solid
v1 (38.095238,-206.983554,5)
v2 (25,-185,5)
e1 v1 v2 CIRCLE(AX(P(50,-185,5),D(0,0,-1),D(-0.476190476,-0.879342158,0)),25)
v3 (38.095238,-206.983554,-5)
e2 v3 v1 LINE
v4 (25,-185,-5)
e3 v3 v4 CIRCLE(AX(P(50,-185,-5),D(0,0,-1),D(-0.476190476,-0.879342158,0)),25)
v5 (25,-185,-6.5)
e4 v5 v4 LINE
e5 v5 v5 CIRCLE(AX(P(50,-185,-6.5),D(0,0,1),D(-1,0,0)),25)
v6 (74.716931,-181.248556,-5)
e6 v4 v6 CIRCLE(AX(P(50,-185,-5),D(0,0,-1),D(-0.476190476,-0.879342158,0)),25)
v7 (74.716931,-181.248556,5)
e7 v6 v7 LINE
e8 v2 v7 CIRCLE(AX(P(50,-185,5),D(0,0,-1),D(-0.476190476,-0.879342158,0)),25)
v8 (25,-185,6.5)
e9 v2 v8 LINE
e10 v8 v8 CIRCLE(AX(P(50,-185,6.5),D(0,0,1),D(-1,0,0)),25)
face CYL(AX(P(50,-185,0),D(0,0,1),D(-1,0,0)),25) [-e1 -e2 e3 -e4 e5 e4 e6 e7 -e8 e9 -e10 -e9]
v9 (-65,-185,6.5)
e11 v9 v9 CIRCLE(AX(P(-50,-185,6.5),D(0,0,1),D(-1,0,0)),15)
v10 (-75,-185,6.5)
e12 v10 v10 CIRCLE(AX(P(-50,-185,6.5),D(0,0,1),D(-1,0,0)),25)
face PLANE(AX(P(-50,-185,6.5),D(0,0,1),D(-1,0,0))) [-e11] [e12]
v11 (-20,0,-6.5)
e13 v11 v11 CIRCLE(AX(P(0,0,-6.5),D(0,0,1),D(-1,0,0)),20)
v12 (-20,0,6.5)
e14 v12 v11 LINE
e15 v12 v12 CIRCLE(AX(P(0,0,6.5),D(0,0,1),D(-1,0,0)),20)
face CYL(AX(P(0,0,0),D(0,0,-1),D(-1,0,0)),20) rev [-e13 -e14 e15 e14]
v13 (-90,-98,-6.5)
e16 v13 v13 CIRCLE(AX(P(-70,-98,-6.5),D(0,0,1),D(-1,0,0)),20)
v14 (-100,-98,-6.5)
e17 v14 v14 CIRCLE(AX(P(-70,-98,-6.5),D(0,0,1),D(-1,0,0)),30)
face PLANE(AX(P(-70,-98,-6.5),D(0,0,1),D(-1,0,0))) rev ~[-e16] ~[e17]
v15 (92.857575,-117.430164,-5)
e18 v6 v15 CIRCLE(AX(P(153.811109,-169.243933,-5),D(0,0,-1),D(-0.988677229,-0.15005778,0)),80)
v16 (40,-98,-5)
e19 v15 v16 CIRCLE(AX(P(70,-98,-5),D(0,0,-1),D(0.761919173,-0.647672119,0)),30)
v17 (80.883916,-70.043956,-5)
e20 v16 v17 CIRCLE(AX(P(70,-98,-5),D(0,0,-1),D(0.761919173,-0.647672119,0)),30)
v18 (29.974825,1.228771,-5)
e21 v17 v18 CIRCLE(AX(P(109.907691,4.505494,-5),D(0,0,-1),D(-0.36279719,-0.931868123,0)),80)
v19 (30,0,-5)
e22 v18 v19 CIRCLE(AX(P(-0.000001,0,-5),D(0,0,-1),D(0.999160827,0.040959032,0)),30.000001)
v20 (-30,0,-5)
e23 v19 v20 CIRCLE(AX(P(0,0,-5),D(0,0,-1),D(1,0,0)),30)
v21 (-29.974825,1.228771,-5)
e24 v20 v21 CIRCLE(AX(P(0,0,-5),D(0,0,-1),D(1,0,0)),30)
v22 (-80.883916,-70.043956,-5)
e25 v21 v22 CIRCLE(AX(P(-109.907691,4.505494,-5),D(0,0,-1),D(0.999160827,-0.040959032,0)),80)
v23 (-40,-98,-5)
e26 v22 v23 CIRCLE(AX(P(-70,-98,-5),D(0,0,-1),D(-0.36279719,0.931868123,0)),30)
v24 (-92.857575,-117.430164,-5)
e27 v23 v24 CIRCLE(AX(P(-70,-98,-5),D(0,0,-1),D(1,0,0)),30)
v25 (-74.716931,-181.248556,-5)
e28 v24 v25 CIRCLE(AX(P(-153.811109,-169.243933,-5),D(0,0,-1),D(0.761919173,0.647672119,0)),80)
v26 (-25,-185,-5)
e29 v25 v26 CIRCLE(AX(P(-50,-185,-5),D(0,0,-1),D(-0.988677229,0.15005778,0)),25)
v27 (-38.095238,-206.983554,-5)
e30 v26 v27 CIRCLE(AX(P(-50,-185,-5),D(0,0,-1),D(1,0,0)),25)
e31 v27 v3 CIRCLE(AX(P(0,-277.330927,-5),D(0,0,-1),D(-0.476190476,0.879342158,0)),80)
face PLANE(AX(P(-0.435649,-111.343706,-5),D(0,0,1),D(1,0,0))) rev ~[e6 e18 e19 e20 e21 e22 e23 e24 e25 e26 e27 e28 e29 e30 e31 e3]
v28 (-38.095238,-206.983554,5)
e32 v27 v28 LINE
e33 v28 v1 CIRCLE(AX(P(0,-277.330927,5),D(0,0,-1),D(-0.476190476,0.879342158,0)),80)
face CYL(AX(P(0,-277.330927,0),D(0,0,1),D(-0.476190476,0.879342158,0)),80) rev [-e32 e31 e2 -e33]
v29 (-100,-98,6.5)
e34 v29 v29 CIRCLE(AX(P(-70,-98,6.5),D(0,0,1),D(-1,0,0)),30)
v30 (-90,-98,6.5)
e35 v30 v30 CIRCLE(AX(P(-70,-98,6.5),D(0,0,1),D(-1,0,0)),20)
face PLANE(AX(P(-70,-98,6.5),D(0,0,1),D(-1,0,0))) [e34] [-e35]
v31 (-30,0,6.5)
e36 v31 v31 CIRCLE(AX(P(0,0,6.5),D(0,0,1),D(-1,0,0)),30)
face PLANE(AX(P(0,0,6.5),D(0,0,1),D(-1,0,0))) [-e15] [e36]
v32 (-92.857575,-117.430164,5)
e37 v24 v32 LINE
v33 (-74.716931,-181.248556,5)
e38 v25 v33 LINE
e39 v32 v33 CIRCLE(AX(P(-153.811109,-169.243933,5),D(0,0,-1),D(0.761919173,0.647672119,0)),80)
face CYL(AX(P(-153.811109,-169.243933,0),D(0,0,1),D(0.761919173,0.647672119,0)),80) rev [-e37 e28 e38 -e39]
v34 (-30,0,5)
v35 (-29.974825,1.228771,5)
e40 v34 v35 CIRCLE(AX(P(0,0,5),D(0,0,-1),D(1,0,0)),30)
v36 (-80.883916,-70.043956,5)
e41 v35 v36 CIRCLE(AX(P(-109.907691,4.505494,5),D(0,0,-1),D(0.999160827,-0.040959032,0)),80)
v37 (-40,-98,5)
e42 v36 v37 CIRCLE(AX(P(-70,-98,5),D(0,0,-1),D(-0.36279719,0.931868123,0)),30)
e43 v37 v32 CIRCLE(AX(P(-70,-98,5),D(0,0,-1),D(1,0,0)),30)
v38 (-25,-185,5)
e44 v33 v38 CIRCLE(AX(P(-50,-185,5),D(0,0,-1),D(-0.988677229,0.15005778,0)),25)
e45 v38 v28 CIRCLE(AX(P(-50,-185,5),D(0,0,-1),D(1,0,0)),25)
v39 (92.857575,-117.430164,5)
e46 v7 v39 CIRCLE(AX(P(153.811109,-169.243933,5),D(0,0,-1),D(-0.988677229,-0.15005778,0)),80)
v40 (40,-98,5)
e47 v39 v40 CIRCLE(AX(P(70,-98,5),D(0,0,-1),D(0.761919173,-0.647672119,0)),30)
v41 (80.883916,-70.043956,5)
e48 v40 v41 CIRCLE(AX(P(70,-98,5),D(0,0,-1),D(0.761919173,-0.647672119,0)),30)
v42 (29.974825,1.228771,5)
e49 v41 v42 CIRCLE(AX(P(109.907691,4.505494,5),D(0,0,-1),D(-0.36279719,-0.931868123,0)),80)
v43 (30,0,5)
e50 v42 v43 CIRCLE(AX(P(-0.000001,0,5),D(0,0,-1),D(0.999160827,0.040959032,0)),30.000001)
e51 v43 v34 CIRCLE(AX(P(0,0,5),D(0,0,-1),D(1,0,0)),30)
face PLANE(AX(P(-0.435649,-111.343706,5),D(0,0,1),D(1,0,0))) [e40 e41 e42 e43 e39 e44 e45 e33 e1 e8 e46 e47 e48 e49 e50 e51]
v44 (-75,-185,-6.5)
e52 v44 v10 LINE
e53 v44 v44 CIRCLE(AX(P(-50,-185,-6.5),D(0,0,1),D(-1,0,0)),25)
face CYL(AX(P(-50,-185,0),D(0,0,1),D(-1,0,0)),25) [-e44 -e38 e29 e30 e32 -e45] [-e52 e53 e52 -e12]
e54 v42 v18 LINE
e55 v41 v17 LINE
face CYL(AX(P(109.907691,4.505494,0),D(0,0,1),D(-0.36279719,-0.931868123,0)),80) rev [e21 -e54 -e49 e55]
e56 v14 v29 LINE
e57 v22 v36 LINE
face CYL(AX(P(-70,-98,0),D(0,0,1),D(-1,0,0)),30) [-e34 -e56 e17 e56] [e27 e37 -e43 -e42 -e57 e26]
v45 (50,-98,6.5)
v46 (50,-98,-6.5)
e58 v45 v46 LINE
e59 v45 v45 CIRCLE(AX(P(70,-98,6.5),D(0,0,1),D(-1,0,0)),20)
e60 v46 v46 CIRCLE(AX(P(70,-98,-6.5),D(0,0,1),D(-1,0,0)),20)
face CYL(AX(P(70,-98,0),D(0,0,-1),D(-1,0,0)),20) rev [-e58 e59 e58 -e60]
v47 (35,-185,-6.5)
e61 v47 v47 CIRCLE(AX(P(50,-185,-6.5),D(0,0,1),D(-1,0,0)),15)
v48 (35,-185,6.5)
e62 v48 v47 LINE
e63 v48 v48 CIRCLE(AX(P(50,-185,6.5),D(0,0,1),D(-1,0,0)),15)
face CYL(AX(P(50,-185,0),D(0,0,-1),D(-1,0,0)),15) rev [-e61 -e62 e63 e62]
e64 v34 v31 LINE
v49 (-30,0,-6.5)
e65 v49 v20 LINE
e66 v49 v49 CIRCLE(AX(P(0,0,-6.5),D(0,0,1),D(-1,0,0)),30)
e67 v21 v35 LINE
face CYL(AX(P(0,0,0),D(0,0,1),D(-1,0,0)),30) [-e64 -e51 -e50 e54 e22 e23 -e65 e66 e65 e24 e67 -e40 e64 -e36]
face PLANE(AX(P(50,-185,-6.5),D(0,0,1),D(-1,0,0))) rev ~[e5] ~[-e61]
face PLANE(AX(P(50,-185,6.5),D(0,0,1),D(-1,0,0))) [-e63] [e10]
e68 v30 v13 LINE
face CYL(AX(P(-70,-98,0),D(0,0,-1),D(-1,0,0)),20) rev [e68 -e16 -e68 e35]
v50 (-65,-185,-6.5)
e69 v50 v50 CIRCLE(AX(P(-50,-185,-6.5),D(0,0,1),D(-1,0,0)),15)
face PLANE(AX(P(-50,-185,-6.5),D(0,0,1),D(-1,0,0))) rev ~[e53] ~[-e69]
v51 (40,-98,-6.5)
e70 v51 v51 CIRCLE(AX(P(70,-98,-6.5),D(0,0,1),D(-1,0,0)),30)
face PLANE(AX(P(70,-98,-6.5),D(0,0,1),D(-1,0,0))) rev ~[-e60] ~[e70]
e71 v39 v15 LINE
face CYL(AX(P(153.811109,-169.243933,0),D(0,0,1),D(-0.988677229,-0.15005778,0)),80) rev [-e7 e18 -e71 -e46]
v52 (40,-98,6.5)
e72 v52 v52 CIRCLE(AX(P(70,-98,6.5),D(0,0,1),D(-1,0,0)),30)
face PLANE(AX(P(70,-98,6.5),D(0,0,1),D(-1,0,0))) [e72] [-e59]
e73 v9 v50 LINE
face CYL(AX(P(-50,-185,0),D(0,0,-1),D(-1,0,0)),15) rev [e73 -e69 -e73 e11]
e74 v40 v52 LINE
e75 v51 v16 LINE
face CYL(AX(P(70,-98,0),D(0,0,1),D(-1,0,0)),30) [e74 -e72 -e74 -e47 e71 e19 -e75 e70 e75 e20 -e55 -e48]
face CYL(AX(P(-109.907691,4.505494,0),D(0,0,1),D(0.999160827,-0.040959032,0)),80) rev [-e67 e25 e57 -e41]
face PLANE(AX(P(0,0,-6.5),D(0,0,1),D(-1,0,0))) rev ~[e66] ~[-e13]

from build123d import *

# Parameters (mm, degrees)
SKETCH1_R             = 30
SKETCH1_R_2           = 20
BOSS_EXTRUDE1_DEPTH   = 6.5
BOSS_EXTRUDE1_2_DEPTH = 6.5
BOSS_EXTRUDE1_3_DEPTH = 6.5
SKETCH1_R_3           = 25
SKETCH1_R_4           = 15
BOSS_EXTRUDE1_4_DEPTH = 6.5
BOSS_EXTRUDE1_5_DEPTH = 6.5
BOSS_EXTRUDE2_DEPTH   = 5


with BuildPart() as part:
    # Sketch1 → Boss-Extrude1 (new, symmetric)
    with BuildSketch(Plane.XY):
        Circle(SKETCH1_R)
        Circle(SKETCH1_R_2, mode=Mode.SUBTRACT)
    extrude(amount=BOSS_EXTRUDE1_DEPTH, both=True)



with BuildPart() as body_2:
    # Sketch1 → Boss-Extrude1 2 (new, symmetric)
    with BuildSketch(Plane.XY):
        with Locations((70, -98)):
            Circle(SKETCH1_R)
        with Locations((70, -98)):
            Circle(SKETCH1_R_2, mode=Mode.SUBTRACT)
    extrude(amount=BOSS_EXTRUDE1_2_DEPTH, both=True)


with BuildPart() as body_3:
    # Sketch1 → Boss-Extrude1 3 (new, symmetric)
    with BuildSketch(Plane.XY):
        with Locations((-70, -98)):
            Circle(SKETCH1_R)
        with Locations((-70, -98)):
            Circle(SKETCH1_R_2, mode=Mode.SUBTRACT)
    extrude(amount=BOSS_EXTRUDE1_3_DEPTH, both=True)


with BuildPart() as body_4:
    # Sketch1 → Boss-Extrude1 4 (new, symmetric)
    with BuildSketch(Plane.XY):
        with Locations((50, -185)):
            Circle(SKETCH1_R_3)
        with Locations((50, -185)):
            Circle(SKETCH1_R_4, mode=Mode.SUBTRACT)
    extrude(amount=BOSS_EXTRUDE1_4_DEPTH, both=True)


with BuildPart() as body_5:
    # Sketch1 → Boss-Extrude1 5 (new, symmetric)
    with BuildSketch(Plane.XY):
        with Locations((-50, -185)):
            Circle(SKETCH1_R_3)
        with Locations((-50, -185)):
            Circle(SKETCH1_R_4, mode=Mode.SUBTRACT)
    extrude(amount=BOSS_EXTRUDE1_5_DEPTH, both=True)


with BuildPart() as part_1:
    add(part.part)

    add(body_2.part)  # Boss-Extrude2 merges body 2

    add(body_3.part)  # Boss-Extrude2 merges body 3

    add(body_4.part)  # Boss-Extrude2 merges body 4

    add(body_5.part)  # Boss-Extrude2 merges body 5
    # Sketch1<3> → Boss-Extrude2 (add, symmetric)
    with BuildSketch(Plane.XY):
        with BuildLine():
            ThreePointArc((29.974824802, 1.228770963), (29.99370554, 0.614514416), (30, 0))
            ThreePointArc((30, 0), (-0.614514416, -29.99370554), (-29.974824802, 1.228770963))
            ThreePointArc((-29.974824802, 1.228770963), (-44.809013245, -41.993561968), (-80.883915711, -70.04395631))
            ThreePointArc((-80.883915711, -70.04395631), (-53.066563718, -73.235938627), (-40, -98))
            ThreePointArc((-40, -98), (-59.649329868, -126.157834217), (-92.857575187, -117.430163575))
            ThreePointArc((-92.857575187, -117.430163575), (-76.859583983, -147.370140698), (-74.716930719, -181.248555502))
            ThreePointArc((-74.716930719, -181.248555502), (-48.118945506, -160.070867765), (-25, -185))
            ThreePointArc((-25, -185), (-28.521882675, -197.794157893), (-38.095238095, -206.983553944))
            ThreePointArc((-38.095238095, -206.983553944), (0, -197.330926563), (38.095238095, -206.983553944))
            ThreePointArc((38.095238095, -206.983553944), (35.626049477, -164.54542725), (74.716930719, -181.248555502))
            ThreePointArc((74.716930719, -181.248555502), (76.859583983, -147.370140698), (92.857575187, -117.430163575))
            ThreePointArc((92.857575187, -117.430163575), (40.914175072, -105.349475372), (80.883915711, -70.04395631))
            ThreePointArc((80.883915711, -70.04395631), (44.809013245, -41.993561968), (29.974824802, 1.228770963))
        make_face()
    extrude(amount=BOSS_EXTRUDE2_DEPTH, both=True)


solid = part_1.part
